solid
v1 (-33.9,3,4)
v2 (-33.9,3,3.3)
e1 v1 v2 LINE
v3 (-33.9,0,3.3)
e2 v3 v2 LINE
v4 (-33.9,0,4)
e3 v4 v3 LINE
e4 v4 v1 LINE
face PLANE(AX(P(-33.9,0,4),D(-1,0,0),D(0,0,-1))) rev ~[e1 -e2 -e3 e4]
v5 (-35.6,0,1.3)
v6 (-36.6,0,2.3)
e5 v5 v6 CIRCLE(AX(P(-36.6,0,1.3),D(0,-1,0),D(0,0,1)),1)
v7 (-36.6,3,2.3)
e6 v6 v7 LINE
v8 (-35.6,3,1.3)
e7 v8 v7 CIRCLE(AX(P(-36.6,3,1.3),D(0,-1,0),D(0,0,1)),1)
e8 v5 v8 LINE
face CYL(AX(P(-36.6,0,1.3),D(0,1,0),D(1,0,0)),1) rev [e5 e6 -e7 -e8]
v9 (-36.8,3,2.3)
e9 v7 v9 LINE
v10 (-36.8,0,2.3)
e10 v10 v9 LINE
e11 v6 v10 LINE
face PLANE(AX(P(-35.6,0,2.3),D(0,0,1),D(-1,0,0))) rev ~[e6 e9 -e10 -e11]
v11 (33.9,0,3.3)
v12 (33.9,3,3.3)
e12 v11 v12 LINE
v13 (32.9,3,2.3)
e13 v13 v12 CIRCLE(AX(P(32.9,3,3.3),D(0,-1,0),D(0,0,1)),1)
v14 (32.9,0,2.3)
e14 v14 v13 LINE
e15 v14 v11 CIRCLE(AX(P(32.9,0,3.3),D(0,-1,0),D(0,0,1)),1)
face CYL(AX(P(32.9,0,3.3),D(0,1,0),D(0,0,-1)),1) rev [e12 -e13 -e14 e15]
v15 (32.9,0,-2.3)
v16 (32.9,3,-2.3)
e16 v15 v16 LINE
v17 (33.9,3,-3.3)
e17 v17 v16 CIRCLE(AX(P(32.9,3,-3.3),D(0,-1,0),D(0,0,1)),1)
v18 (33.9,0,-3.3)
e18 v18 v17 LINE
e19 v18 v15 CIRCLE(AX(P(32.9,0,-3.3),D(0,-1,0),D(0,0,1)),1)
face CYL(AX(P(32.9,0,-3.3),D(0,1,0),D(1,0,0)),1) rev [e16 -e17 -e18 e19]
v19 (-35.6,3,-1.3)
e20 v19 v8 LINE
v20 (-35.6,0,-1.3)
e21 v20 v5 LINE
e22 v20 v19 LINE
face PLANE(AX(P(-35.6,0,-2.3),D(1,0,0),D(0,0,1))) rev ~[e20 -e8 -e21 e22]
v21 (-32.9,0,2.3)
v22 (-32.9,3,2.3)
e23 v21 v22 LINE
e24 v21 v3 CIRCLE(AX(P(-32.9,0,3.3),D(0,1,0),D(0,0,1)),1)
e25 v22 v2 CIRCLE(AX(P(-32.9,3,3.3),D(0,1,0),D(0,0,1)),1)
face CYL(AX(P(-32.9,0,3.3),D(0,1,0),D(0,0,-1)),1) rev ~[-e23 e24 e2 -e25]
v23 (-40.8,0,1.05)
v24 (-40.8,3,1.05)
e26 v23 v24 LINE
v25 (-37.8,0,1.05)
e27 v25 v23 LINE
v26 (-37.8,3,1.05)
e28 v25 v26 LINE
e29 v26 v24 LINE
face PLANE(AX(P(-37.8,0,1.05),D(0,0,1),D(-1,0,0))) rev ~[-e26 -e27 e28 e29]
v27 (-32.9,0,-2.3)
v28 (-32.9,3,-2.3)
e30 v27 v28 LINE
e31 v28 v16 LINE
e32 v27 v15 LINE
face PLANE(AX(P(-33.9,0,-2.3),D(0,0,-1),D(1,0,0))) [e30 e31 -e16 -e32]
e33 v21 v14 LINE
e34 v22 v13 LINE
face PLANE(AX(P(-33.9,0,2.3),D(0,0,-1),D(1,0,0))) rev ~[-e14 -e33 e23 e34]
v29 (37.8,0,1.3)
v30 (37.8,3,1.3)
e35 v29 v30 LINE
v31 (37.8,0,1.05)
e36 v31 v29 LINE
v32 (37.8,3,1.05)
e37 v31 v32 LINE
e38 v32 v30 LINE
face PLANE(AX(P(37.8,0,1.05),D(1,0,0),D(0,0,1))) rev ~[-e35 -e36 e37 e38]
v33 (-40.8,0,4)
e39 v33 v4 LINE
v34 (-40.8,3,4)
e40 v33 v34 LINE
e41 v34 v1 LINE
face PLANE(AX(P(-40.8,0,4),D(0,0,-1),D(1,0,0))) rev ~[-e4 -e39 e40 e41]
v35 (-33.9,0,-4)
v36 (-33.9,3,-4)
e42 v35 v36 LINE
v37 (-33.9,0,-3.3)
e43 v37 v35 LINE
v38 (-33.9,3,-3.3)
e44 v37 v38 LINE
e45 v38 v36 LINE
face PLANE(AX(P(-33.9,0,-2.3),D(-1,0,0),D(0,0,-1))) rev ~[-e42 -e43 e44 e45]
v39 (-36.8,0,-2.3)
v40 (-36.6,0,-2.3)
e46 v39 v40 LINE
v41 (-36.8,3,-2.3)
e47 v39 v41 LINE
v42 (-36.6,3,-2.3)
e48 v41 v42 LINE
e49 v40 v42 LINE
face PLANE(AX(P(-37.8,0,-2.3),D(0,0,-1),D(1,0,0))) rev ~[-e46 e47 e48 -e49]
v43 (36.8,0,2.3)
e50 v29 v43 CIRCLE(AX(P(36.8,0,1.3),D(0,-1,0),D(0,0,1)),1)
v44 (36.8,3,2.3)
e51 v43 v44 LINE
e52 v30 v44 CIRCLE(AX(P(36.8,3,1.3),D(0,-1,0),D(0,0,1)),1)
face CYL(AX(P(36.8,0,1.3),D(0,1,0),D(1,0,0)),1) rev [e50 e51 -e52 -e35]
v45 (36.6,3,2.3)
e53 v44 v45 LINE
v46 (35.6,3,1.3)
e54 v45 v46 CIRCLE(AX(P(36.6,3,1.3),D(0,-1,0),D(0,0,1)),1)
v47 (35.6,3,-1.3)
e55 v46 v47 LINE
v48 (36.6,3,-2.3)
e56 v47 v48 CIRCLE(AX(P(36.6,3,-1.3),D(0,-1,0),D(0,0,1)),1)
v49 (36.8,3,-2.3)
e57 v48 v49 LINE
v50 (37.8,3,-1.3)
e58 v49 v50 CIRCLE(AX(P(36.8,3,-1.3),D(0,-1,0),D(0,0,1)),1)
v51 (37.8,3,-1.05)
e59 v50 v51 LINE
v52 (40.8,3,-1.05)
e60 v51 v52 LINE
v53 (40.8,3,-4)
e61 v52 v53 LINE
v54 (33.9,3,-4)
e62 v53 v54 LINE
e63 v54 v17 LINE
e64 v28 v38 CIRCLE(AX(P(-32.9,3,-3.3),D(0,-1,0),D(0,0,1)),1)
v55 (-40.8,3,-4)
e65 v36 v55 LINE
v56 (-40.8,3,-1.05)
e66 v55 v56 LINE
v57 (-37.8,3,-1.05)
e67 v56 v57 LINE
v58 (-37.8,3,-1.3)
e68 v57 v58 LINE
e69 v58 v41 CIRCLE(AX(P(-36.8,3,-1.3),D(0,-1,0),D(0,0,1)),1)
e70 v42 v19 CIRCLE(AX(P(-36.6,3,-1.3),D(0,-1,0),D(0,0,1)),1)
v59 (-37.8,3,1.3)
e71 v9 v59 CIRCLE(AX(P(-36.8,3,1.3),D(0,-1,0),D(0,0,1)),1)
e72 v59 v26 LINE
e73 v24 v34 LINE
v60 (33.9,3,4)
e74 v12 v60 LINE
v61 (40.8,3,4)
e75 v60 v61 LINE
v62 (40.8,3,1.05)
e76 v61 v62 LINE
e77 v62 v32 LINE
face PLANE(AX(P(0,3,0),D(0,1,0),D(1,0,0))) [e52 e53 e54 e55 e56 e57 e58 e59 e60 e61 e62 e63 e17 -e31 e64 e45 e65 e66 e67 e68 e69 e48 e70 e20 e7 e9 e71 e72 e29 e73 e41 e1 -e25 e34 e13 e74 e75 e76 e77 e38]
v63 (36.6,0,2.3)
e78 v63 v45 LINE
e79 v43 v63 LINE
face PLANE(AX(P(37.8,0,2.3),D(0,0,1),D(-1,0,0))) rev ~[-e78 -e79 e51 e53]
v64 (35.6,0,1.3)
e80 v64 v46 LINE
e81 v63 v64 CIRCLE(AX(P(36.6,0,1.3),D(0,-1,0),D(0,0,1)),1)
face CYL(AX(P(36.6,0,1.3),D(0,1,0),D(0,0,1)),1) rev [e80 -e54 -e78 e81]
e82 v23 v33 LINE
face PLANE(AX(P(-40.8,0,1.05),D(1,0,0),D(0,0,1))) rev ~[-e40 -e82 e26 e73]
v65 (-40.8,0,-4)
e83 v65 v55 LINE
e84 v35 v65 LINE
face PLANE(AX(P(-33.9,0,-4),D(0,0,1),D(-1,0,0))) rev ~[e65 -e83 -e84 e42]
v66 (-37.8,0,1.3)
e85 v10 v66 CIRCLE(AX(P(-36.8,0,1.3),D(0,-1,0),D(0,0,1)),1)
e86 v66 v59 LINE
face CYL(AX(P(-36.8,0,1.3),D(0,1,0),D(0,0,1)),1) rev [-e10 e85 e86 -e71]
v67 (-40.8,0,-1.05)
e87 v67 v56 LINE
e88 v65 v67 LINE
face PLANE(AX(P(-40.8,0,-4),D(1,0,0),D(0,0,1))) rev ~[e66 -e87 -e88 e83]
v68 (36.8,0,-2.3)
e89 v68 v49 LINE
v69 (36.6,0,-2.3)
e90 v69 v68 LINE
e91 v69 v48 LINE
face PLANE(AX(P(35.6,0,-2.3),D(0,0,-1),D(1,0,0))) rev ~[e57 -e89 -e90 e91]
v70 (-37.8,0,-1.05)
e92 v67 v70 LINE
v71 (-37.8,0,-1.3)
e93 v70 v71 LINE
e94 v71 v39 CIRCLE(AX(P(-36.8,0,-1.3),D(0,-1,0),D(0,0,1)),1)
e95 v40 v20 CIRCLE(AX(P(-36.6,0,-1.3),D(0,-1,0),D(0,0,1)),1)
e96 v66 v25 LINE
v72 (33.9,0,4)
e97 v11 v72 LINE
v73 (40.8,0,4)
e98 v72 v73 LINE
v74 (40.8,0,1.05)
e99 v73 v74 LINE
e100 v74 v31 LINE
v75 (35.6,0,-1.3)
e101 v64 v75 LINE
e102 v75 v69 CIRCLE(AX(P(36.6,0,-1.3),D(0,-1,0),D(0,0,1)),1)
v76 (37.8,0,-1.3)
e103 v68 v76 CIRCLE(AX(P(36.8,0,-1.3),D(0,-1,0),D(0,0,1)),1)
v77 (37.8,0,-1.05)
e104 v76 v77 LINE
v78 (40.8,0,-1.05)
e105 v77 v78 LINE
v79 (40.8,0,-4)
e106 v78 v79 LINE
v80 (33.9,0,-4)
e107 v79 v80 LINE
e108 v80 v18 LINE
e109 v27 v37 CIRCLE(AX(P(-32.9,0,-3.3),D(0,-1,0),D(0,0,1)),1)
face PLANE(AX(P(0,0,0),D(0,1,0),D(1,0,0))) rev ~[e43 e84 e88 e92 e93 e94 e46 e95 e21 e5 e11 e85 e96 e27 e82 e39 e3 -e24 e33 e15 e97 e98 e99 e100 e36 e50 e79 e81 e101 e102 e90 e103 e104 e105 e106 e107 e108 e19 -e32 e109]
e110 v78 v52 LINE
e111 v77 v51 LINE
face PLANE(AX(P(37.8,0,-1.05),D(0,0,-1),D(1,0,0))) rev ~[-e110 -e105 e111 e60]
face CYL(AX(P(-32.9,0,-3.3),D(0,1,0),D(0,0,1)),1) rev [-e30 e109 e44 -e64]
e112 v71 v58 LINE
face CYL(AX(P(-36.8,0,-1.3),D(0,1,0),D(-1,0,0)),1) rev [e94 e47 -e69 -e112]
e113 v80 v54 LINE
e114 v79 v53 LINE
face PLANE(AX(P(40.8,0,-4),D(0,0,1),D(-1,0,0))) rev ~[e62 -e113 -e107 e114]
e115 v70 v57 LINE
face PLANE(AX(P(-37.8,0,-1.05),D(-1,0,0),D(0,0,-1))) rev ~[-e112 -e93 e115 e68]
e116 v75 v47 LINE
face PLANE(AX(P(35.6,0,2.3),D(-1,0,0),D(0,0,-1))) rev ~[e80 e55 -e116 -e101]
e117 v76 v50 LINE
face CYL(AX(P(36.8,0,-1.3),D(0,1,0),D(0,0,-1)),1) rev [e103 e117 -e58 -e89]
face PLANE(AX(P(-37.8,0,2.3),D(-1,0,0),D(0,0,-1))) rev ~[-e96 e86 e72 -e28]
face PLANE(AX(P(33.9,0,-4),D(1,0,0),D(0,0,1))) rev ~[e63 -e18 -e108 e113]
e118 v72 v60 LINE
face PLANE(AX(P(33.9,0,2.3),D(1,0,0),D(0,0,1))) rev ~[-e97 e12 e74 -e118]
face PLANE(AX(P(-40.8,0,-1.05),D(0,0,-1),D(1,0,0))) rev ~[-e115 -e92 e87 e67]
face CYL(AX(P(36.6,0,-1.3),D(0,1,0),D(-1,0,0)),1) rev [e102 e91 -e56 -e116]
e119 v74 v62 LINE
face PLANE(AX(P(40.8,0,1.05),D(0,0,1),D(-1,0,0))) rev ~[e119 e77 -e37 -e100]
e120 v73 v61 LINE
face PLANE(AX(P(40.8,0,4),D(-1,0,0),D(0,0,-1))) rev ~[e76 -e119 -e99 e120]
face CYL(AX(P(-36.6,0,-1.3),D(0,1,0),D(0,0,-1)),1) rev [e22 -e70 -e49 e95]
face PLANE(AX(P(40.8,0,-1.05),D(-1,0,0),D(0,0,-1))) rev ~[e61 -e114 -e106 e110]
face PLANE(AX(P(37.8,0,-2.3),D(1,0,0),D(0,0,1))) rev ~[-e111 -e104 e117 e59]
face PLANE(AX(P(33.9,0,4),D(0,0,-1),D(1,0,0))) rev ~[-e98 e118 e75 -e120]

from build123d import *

# Parameters (mm, degrees)
BASE_SHAPE_DEPTH  = 3
MILLING_FILLETS_R = 1


with BuildPart() as part:
    # Sketch1 → Base shape (new body)
    with BuildSketch(Plane(origin=(0, 0, 0), x_dir=(1, 0, 0), z_dir=(0, 1, 0))):
        Polygon((-33.9, 4), (-40.8, 4), (-40.8, 1.05), (-37.8, 1.05), (-37.8, 2.3), (-35.6, 2.3), (-35.6, -2.3), (-37.8, -2.3), (-37.8, -1.05), (-40.8, -1.05), (-40.8, -4), (-33.9, -4), (-33.9, -2.3), (33.9, -2.3), (33.9, -4), (40.8, -4), (40.8, -1.05), (37.8, -1.05), (37.8, -2.3), (35.6, -2.3), (35.6, 2.3), (37.8, 2.3), (37.8, 1.05), (40.8, 1.05), (40.8, 4), (33.9, 4), (33.9, 2.3), (-33.9, 2.3), align=None)
    extrude(amount=BASE_SHAPE_DEPTH)

    # Milling fillets
    milling_fillets_edges = [part.edges().sort_by_distance(p)[0] for p in [
        (37.8, 1.5, 2.3),
        (-35.6, 1.5, 2.3),
        (-37.8, 1.5, 2.3),
        (35.6, 1.5, 2.3),
        (35.6, 1.5, -2.3),
        (-37.8, 1.5, -2.3),
        (-35.6, 1.5, -2.3),
        (37.8, 1.5, -2.3),
        (33.9, 1.5, 2.3),
        (33.9, 1.5, -2.3),
        (-33.9, 1.5, -2.3),
        (-33.9, 1.5, 2.3),
    ]]
    fillet(milling_fillets_edges, radius=MILLING_FILLETS_R)


solid = part.part
